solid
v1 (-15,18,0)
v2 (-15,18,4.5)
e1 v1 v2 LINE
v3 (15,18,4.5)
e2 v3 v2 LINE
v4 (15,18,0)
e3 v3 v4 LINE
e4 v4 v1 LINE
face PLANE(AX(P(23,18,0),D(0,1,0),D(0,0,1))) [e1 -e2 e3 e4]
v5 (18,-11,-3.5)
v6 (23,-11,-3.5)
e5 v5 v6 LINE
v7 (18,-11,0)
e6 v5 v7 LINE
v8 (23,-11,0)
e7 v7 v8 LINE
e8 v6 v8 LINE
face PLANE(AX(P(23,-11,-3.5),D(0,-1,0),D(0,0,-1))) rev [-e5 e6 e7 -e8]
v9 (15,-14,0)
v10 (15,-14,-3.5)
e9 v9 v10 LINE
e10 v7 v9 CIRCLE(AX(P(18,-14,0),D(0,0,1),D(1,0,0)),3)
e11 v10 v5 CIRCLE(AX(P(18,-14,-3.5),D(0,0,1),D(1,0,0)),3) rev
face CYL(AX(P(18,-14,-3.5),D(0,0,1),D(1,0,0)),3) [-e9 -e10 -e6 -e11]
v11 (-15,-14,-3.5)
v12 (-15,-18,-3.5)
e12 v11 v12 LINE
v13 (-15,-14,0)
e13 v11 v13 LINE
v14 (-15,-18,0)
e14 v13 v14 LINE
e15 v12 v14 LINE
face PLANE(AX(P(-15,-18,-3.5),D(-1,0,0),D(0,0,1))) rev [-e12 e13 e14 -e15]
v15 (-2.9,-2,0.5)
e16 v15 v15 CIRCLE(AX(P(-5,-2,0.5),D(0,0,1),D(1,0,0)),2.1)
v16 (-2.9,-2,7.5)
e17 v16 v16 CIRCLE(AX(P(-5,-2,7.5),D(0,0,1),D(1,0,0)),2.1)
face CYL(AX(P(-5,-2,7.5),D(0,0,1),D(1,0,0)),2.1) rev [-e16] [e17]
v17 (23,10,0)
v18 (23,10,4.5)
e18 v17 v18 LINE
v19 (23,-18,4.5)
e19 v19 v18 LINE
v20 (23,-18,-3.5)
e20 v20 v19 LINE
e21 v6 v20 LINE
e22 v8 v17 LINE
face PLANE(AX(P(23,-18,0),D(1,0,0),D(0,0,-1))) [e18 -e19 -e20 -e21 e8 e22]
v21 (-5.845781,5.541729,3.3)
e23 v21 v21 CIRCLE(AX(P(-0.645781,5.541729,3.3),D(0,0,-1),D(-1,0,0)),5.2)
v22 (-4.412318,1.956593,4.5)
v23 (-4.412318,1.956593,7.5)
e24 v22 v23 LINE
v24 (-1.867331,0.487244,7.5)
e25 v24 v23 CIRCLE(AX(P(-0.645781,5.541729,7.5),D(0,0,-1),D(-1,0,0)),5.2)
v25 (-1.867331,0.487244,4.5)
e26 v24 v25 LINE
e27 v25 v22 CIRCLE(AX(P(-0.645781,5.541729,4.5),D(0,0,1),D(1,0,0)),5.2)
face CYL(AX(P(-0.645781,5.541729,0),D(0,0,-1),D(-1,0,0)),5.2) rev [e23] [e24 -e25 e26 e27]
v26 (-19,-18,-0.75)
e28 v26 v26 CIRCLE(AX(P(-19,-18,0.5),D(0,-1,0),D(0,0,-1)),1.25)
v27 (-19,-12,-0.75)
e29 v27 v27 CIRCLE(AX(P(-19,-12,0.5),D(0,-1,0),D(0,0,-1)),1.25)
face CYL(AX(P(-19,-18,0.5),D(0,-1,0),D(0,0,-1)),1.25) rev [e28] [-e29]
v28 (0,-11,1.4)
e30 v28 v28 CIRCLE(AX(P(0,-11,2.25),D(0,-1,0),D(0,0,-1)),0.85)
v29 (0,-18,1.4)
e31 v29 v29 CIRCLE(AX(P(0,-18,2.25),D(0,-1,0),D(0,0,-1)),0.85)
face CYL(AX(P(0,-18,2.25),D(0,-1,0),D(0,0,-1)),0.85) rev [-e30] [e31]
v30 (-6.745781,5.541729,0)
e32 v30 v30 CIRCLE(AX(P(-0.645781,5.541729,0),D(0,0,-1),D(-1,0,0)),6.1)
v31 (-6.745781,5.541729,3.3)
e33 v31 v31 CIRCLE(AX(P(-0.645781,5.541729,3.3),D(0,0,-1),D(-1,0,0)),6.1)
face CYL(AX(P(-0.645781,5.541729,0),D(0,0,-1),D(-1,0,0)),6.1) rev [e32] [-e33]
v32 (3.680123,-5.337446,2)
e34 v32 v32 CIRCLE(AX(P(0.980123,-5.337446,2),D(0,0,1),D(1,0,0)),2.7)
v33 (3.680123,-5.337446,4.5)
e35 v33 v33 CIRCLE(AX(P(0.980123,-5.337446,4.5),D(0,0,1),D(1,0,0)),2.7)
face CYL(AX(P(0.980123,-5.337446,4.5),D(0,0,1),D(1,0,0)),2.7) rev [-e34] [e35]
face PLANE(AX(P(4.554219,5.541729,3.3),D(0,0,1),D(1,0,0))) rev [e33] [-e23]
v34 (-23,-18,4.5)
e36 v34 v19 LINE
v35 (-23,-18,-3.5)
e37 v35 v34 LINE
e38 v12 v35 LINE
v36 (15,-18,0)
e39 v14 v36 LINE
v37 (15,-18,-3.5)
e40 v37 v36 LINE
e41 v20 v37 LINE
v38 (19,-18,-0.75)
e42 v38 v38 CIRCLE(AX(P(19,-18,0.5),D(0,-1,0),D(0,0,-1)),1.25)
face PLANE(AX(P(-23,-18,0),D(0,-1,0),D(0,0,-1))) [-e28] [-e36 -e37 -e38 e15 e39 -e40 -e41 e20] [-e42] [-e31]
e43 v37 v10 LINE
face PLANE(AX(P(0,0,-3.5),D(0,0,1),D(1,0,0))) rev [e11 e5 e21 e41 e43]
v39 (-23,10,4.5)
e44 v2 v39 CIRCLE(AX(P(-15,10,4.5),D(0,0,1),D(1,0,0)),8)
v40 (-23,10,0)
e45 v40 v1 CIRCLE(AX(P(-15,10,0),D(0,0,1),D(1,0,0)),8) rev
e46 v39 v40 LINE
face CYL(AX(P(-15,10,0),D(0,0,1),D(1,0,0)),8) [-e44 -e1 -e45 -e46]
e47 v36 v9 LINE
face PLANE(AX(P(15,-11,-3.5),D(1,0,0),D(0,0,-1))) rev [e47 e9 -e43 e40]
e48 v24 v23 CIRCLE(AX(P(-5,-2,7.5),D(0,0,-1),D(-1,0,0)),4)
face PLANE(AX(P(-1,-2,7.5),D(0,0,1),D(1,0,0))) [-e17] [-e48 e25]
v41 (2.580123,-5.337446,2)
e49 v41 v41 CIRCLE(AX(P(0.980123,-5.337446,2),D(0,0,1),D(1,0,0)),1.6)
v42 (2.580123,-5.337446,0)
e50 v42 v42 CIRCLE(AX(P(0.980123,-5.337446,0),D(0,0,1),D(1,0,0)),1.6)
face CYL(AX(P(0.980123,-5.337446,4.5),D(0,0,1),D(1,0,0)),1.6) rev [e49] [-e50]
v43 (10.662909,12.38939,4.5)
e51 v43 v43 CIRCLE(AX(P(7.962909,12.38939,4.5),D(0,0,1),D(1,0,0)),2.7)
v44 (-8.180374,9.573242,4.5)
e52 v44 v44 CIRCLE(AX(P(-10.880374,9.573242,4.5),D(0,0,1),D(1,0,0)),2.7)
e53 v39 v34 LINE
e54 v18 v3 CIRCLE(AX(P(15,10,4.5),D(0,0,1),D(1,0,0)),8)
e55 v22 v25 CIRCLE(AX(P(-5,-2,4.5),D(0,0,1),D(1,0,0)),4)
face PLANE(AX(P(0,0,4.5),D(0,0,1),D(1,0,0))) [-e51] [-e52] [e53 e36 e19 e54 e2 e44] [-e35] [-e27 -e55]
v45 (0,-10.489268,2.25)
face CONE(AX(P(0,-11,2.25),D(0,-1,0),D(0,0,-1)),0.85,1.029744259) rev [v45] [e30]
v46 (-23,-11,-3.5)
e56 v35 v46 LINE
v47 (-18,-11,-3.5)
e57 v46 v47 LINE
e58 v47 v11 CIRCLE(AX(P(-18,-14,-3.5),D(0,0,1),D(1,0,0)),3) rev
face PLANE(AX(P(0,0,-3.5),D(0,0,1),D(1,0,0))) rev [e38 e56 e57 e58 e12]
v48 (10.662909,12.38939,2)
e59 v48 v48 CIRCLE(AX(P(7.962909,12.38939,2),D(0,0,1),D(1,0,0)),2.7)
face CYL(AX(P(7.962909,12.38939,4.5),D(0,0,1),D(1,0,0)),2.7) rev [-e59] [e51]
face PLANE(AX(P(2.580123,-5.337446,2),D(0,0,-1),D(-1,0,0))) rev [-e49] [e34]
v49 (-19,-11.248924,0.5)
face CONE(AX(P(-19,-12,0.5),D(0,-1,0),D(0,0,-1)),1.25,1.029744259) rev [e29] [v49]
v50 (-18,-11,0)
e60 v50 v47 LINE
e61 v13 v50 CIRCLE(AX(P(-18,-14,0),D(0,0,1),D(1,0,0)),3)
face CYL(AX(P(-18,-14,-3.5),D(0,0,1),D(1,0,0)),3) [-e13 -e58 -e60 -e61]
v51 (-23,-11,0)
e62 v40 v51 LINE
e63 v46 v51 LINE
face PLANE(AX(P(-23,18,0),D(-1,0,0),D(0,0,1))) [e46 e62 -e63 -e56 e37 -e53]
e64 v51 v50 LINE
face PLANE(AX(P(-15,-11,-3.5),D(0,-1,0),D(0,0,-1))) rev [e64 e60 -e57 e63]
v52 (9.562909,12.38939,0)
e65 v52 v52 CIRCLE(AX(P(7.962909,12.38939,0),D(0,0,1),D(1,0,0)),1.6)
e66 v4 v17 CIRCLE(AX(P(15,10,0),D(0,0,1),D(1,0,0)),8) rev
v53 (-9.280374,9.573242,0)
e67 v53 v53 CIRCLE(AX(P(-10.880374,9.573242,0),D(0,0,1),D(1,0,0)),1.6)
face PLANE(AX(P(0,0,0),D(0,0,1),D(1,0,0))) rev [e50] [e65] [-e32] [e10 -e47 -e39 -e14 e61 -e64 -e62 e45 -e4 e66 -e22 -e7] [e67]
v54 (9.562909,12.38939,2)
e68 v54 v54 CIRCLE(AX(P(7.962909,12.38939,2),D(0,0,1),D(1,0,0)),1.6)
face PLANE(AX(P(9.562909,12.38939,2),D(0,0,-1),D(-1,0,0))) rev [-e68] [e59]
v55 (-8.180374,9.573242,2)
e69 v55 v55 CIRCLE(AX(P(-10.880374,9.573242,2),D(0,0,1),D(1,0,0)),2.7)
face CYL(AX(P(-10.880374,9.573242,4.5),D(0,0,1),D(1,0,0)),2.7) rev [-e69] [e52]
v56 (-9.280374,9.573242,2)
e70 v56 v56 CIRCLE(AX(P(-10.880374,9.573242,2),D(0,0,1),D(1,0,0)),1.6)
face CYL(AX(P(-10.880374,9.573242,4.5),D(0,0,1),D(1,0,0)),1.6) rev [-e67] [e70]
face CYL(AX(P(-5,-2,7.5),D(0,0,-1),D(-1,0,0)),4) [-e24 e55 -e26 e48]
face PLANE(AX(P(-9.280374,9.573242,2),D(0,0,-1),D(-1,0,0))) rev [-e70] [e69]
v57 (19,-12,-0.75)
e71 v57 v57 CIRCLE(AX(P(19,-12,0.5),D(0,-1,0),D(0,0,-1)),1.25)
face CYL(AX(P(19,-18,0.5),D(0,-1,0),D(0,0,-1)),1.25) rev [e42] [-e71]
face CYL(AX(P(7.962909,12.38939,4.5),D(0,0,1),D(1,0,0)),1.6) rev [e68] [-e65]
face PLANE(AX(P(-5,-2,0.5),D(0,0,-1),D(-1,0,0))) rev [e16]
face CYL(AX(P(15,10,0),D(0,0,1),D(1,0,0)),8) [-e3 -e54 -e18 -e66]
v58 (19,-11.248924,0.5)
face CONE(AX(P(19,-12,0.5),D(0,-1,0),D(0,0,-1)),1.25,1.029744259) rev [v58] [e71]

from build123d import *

# Parameters (mm, degrees)
SKETCH1_W                                        = 46
SKETCH1_H                                        = 36
BOSS_EXTRUDE1_DEPTH                              = 4.5
SKETCH2_W                                        = 8
SKETCH2_H                                        = 7
BOSS_EXTRUDE2_DEPTH                              = 3.5
SKETCH3_W                                        = 7.999999995
SKETCH3_H                                        = 7
BOSS_EXTRUDE3_DEPTH                              = 3.5
SKETCH4_W                                        = 4
SKETCH4_H                                        = 3
F_1_7_1_7_DIAMETER_HOLE1_D                       = 1.7
F_1_7_1_7_DIAMETER_HOLE1_DEPTH                   = 7
F_1_7_1_7_DIAMETER_HOLE1_TIP                     = 0.510731526
F_2_5_2_5_DIAMETER_HOLE1_D                       = 2.5
F_2_5_2_5_DIAMETER_HOLE1_DEPTH                   = 6
F_2_5_2_5_DIAMETER_HOLE1_TIP                     = 0.751075774
HOLE1_D                                          = 10.4
HOLE1_CBORE_D                                    = 12.2
HOLE1_CBORE_DEPTH                                = 3.3
CBORE_FOR_M3_HEX_HEAD_MACHINE_SCREW1_D           = 3.2
CBORE_FOR_M3_HEX_HEAD_MACHINE_SCREW1_DEPTH       = 8.000025
CBORE_FOR_M3_HEX_HEAD_MACHINE_SCREW1_CBORE_D     = 5.4
CBORE_FOR_M3_HEX_HEAD_MACHINE_SCREW1_CBORE_DEPTH = 2.5
F_4_2_4_2_DIAMETER_HOLE1_D                       = 4.2
F_4_2_4_2_DIAMETER_HOLE1_DEPTH                   = 7
FILLET1_R                                        = 3
FILLET2_R                                        = 8


with BuildPart() as part:
    # Sketch1 → Boss-Extrude1 (new body)
    with BuildSketch(Plane.XY.offset(4.5)):
        Rectangle(SKETCH1_W, SKETCH1_H)
    extrude(amount=-BOSS_EXTRUDE1_DEPTH)

    # Sketch2 → Boss-Extrude2 (add)
    with BuildSketch(Plane(origin=(0, 0, 0), x_dir=(-1, 0, 0), z_dir=(0, 0, -1))):
        with Locations((-19, -14.5)):
            Rectangle(SKETCH2_W, SKETCH2_H)
    extrude(amount=BOSS_EXTRUDE2_DEPTH)

    # Sketch3 → Boss-Extrude3 (add)
    with BuildSketch(Plane(origin=(0, 0, 0), x_dir=(-1, 0, 0), z_dir=(0, 0, -1))):
        with Locations((19.000000003, -14.5)):
            Rectangle(SKETCH3_W, SKETCH3_H)
    extrude(amount=BOSS_EXTRUDE3_DEPTH)

    # Sketch4 → Revolve1 (revolve)
    with BuildSketch(Plane.XZ.offset(2)):
        with Locations((-3, 6)):
            Rectangle(SKETCH4_W, SKETCH4_H)
    revolve(axis=Axis((-5, -2, 7.5), (0, 0, -1)))

    # Ø1.7 (1.7) Diameter Hole1
    with Locations(Plane(origin=(0, -18, 0), x_dir=(-1, 0, 0), z_dir=(0, -1, 0))):
        with Locations((0, -2.25)):
            Hole(F_1_7_1_7_DIAMETER_HOLE1_D / 2, depth=F_1_7_1_7_DIAMETER_HOLE1_DEPTH)
            with Locations((0, 0, -(F_1_7_1_7_DIAMETER_HOLE1_DEPTH + F_1_7_1_7_DIAMETER_HOLE1_TIP / 2))):  # 118° drill point
                Cone(0, F_1_7_1_7_DIAMETER_HOLE1_D / 2, F_1_7_1_7_DIAMETER_HOLE1_TIP, mode=Mode.SUBTRACT)

    # Ø2.5 (2.5) Diameter Hole1
    with Locations(Plane(origin=(0, -18, 0), x_dir=(-1, 0, 0), z_dir=(0, -1, 0))):
        with Locations((-19, -0.5), (19, -0.5)):
            Hole(F_2_5_2_5_DIAMETER_HOLE1_D / 2, depth=F_2_5_2_5_DIAMETER_HOLE1_DEPTH)
            with Locations((0, 0, -(F_2_5_2_5_DIAMETER_HOLE1_DEPTH + F_2_5_2_5_DIAMETER_HOLE1_TIP / 2))):  # 118° drill point
                Cone(0, F_2_5_2_5_DIAMETER_HOLE1_D / 2, F_2_5_2_5_DIAMETER_HOLE1_TIP, mode=Mode.SUBTRACT)

    # Hole1 (through all)
    with Locations(Plane(origin=(0, 0, 0), x_dir=(-1, 0, 0), z_dir=(0, 0, -1))):
        with Locations((0.645780782, 5.541728913)):
            CounterBoreHole(HOLE1_D / 2, HOLE1_CBORE_D / 2, HOLE1_CBORE_DEPTH)

    # CBORE for M3 Hex Head Machine Screw1
    with Locations(Plane.XY.offset(4.5)):
        with Locations((0.980122741, -5.337445584), (7.962908944, 12.389389916), (-10.88037403, 9.573242407)):
            CounterBoreHole(CBORE_FOR_M3_HEX_HEAD_MACHINE_SCREW1_D / 2, CBORE_FOR_M3_HEX_HEAD_MACHINE_SCREW1_CBORE_D / 2, CBORE_FOR_M3_HEX_HEAD_MACHINE_SCREW1_CBORE_DEPTH, depth=CBORE_FOR_M3_HEX_HEAD_MACHINE_SCREW1_DEPTH)

    # Ø4.2 (4.2) Diameter Hole1
    with Locations(Plane.XY.offset(7.5)):
        with Locations((-5, -2)):
            Hole(F_4_2_4_2_DIAMETER_HOLE1_D / 2, depth=F_4_2_4_2_DIAMETER_HOLE1_DEPTH)

    # Fillet1
    fillet1_edges = [part.edges().sort_by_distance(p)[0] for p in [
        (-15.000000005, -11, -1.75),
        (15, -11, -1.75),
    ]]
    fillet(fillet1_edges, radius=FILLET1_R)

    # Fillet2
    fillet2_edges = [part.edges().sort_by_distance(p)[0] for p in [
        (-23, 18, 2.25),
        (23, 18, 2.25),
    ]]
    fillet(fillet2_edges, radius=FILLET2_R)


solid = part.part
